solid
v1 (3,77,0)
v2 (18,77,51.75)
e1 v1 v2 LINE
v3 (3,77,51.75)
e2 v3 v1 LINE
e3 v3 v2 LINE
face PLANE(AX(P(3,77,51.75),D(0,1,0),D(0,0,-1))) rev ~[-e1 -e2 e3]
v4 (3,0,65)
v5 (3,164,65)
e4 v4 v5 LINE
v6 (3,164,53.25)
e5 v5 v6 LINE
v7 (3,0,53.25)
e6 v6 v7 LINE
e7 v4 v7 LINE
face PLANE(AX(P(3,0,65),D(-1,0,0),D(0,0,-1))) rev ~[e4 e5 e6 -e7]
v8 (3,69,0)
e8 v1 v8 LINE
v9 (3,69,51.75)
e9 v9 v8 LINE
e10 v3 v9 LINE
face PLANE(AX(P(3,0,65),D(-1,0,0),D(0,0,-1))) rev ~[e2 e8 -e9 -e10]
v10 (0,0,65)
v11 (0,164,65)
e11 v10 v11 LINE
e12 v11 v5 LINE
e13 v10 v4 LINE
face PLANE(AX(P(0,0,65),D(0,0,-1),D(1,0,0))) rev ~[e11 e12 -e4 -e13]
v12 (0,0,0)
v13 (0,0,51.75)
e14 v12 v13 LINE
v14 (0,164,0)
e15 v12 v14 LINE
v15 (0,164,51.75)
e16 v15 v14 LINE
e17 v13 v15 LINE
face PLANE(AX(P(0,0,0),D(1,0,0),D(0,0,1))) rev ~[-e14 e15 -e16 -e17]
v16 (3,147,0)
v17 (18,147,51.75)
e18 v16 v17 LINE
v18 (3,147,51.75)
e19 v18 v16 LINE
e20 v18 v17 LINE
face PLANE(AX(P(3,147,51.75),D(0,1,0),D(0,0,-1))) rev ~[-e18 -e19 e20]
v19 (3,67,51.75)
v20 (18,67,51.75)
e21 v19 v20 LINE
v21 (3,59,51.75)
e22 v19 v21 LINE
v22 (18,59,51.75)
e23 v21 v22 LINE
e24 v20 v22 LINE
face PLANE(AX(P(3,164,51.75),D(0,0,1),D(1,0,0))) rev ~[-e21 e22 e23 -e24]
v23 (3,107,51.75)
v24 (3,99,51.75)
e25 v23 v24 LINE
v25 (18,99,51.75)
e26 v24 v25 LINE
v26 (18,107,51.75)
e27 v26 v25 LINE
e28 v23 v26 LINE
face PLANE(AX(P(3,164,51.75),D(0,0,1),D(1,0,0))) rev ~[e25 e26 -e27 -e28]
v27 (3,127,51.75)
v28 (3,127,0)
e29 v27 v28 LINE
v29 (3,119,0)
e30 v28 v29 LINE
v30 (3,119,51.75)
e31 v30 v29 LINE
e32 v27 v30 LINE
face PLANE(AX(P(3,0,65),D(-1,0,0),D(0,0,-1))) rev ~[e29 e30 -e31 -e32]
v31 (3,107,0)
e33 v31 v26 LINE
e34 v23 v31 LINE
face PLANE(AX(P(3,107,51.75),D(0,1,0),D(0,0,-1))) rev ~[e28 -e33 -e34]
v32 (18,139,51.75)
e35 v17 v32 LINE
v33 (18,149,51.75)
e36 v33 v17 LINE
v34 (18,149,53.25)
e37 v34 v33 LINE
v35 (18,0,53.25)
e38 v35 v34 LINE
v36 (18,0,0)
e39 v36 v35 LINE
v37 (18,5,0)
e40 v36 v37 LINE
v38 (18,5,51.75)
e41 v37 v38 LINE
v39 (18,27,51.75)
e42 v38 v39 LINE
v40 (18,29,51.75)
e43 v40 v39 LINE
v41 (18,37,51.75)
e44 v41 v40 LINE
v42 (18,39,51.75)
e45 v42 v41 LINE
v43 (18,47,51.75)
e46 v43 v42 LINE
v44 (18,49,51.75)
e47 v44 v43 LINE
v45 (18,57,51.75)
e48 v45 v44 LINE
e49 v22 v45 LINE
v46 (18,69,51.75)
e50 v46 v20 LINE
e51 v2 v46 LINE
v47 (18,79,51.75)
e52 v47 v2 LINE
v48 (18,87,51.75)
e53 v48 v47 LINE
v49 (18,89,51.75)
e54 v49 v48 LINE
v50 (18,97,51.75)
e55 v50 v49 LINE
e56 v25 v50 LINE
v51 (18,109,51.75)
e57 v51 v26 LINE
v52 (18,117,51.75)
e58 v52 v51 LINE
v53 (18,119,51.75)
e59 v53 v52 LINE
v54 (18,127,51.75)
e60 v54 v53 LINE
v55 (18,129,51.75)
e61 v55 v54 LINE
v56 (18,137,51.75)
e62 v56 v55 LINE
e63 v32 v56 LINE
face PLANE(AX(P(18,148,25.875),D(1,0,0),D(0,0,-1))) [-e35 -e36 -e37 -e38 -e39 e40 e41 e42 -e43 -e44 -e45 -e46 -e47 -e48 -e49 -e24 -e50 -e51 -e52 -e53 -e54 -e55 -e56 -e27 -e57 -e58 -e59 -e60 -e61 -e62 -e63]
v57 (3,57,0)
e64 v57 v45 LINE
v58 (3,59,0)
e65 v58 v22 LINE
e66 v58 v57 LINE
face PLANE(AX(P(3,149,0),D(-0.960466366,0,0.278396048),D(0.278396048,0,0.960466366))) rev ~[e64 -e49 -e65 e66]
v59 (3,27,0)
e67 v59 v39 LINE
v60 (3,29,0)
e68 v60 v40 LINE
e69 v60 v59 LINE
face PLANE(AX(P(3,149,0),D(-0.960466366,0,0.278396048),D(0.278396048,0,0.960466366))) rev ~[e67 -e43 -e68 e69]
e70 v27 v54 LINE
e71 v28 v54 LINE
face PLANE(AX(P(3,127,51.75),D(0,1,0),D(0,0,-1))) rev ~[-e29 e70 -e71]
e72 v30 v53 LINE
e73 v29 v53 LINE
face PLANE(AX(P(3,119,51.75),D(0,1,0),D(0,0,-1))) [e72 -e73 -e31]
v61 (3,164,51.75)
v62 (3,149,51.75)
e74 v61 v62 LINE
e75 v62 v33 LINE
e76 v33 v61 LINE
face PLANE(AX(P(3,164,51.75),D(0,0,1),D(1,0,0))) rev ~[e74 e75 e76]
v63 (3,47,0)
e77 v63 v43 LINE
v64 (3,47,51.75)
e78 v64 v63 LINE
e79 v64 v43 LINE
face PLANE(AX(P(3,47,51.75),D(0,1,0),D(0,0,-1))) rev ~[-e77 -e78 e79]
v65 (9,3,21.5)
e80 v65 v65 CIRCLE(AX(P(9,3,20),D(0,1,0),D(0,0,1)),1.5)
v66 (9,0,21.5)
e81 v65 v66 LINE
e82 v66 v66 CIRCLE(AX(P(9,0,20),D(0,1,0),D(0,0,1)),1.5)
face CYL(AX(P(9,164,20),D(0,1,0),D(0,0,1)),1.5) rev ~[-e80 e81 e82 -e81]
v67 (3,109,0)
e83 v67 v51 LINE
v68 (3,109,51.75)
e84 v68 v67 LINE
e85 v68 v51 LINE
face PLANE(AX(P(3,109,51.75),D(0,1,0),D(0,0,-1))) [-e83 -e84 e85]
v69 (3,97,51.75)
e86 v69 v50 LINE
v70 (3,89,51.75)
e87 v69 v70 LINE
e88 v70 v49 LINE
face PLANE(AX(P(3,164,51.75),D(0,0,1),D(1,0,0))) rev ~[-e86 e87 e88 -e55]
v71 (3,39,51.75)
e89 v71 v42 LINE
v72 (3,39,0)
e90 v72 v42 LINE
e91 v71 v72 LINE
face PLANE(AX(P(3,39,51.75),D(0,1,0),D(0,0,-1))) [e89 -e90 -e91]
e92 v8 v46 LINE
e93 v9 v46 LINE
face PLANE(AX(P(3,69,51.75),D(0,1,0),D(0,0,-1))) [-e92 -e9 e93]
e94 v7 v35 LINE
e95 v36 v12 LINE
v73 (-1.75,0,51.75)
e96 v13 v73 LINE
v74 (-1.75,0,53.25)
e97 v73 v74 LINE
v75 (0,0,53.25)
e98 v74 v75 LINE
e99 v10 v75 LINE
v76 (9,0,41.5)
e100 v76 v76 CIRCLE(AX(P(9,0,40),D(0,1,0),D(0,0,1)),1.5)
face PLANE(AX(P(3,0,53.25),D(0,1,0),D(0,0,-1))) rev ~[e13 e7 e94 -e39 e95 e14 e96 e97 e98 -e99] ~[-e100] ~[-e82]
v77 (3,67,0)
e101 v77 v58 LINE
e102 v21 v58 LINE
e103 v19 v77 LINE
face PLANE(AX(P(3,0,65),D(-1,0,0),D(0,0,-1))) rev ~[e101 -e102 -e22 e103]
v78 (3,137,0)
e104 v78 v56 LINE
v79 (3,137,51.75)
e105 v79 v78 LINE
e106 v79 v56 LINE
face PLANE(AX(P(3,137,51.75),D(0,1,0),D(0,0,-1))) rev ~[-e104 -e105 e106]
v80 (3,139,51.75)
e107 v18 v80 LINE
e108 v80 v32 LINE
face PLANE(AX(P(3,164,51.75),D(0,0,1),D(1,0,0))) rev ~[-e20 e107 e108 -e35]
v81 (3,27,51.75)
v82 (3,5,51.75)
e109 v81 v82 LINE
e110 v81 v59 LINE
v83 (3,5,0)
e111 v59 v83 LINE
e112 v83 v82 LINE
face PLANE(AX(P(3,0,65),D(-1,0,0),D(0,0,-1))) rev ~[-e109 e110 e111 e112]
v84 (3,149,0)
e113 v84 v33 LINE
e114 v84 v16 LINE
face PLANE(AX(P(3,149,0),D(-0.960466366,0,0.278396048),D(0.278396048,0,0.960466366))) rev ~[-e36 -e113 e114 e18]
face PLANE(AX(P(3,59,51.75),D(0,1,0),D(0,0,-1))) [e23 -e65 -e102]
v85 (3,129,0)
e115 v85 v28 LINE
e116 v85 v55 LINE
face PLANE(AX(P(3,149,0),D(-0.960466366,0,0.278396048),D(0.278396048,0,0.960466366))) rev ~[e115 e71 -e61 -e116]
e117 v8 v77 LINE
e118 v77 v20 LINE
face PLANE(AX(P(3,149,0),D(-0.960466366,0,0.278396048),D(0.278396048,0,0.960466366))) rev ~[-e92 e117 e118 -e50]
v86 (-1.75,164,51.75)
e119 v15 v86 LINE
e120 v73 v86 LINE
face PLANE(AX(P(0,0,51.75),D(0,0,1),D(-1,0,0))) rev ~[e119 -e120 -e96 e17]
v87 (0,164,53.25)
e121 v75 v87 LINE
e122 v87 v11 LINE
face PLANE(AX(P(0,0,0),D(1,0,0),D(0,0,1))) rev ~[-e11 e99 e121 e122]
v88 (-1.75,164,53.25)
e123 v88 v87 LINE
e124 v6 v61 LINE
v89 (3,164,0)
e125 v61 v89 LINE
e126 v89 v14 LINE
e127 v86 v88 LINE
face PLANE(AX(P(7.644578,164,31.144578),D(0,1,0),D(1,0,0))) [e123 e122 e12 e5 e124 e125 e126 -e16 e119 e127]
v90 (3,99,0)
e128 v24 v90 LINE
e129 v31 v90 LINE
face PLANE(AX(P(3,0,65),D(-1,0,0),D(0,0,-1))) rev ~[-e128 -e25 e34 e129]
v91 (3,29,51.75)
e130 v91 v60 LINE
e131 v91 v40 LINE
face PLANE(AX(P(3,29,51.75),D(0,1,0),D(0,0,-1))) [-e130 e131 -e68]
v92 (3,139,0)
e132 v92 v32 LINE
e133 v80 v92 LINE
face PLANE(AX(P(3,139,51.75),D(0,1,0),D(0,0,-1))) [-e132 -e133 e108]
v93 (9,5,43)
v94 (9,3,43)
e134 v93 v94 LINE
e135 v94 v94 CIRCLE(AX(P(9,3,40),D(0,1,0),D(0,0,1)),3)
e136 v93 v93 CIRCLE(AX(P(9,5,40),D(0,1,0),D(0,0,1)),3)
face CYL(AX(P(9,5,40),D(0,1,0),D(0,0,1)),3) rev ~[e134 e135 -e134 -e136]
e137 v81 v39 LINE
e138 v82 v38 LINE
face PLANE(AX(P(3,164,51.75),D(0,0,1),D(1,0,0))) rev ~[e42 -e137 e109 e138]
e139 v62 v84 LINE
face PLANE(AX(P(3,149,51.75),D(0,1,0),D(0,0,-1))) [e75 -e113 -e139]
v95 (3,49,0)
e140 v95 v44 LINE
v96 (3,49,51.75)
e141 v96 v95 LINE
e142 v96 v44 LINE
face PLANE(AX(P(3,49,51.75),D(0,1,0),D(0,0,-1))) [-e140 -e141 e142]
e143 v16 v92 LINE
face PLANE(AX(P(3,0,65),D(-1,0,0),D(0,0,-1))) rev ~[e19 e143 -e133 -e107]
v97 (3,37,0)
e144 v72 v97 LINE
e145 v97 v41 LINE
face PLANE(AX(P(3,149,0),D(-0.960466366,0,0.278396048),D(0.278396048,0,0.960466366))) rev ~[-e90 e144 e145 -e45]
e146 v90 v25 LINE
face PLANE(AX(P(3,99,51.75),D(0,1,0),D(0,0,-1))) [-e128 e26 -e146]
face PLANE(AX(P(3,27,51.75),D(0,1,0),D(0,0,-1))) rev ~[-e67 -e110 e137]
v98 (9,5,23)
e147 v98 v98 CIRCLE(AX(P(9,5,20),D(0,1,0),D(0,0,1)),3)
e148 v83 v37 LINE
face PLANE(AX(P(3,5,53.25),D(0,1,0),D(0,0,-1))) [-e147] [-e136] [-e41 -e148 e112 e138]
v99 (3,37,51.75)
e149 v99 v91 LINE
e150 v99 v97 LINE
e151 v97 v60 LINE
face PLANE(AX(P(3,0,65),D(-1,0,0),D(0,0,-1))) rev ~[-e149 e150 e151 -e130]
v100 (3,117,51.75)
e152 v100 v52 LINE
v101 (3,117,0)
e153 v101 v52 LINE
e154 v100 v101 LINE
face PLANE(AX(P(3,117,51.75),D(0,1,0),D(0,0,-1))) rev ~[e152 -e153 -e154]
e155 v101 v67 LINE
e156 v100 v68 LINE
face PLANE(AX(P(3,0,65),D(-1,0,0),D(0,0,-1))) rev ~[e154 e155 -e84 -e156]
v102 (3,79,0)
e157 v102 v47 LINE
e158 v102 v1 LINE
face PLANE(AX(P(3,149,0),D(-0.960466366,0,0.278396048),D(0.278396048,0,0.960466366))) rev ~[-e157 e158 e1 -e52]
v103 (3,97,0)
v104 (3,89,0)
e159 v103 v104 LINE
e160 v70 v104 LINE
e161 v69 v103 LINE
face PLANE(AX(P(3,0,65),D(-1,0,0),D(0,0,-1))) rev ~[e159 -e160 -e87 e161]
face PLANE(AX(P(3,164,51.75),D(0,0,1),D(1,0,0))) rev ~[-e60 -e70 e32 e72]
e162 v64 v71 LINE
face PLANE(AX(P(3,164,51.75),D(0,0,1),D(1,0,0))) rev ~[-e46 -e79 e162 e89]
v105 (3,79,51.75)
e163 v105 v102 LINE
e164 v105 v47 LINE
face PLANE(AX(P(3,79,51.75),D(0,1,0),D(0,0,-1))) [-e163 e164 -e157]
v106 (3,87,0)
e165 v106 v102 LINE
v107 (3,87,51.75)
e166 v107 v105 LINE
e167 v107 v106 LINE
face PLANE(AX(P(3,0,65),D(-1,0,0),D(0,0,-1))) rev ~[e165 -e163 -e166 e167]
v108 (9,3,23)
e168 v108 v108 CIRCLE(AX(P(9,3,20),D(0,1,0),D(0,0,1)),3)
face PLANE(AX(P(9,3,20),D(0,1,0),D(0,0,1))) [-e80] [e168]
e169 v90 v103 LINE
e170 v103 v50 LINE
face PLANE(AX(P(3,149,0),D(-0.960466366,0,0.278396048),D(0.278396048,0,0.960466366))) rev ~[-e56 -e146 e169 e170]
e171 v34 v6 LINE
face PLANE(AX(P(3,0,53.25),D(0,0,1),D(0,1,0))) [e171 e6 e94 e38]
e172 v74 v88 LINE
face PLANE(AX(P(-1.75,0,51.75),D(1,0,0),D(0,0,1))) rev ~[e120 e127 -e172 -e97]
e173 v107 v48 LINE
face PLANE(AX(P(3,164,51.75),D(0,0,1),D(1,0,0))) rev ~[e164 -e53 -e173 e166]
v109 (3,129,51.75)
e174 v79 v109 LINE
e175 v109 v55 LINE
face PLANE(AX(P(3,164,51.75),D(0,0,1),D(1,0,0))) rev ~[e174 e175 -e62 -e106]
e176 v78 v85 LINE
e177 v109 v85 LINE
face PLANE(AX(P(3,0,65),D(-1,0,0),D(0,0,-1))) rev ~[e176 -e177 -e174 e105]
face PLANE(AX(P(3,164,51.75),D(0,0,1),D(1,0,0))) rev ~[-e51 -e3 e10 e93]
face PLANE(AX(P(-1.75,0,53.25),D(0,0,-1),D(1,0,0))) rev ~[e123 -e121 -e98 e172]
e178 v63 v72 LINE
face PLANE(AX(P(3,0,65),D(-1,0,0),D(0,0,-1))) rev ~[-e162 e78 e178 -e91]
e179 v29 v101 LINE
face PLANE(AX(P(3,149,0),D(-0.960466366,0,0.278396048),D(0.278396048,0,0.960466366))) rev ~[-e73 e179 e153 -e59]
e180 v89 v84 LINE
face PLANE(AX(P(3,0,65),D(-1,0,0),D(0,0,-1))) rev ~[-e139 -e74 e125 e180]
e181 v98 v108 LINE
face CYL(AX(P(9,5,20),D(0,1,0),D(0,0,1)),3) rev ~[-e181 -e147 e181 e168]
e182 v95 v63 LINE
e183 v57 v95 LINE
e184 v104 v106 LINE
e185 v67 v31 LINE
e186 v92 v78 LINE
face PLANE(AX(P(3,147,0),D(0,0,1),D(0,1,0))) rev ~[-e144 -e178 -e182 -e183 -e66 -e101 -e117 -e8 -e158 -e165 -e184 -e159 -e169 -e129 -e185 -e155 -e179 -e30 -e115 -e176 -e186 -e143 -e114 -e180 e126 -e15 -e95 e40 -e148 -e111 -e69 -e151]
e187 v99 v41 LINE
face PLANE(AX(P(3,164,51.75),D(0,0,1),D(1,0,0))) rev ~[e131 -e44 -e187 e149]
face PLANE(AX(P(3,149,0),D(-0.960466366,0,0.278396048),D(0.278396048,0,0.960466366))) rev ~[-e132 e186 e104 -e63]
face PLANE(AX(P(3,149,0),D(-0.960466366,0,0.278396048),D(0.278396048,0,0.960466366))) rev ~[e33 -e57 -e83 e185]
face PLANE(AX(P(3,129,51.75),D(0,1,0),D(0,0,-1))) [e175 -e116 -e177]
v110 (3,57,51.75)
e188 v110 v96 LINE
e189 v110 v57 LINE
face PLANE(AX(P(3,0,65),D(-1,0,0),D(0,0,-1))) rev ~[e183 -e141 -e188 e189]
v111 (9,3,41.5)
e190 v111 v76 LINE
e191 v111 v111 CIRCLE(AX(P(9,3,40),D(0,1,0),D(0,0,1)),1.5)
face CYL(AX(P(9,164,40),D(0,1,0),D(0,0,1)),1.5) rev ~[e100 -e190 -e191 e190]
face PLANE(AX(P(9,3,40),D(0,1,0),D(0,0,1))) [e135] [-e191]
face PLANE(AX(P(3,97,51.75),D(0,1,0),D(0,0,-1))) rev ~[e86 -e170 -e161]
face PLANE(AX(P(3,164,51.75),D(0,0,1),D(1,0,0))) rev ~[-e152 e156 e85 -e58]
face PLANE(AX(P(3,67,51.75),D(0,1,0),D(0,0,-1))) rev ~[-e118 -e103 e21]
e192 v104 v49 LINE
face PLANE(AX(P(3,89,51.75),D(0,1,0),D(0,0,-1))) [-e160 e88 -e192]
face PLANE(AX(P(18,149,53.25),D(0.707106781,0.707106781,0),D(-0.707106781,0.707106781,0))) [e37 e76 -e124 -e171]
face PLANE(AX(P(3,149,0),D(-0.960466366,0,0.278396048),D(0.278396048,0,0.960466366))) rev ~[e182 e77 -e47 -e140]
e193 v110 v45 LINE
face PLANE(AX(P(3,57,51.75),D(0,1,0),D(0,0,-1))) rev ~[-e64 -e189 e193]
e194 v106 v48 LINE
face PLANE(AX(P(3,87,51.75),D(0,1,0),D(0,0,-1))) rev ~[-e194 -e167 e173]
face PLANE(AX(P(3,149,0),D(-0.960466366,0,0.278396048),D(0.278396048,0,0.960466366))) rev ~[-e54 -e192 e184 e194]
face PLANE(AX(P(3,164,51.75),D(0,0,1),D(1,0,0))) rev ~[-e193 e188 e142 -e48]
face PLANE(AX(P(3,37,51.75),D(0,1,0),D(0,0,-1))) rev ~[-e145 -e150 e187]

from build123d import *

# Parameters (mm, degrees)
EXTRUDE_1_DEPTH     = 164
SKETCH_3_R          = 1.5
CUT_EXTRUDE_1_DEPTH = 164
SKETCH_4_W          = 2
SKETCH_4_H          = 2
EXTRUDE_2_DEPTH     = 164
SKETCH_5_W          = 0.25
SKETCH_5_H          = 1.5
CUT_EXTRUDE_2_DEPTH = 164
SKETCH_6_W          = 15
SKETCH_6_H          = 50
CUT_EXTRUDE_3_DEPTH = 159
SKETCH_7_W          = 15
SKETCH_7_H          = 1.5
EXTRUDE_3_DEPTH     = 159
SKETCH_8_W          = 3.25
SKETCH_8_H          = 5
EXTRUDE_4_DEPTH     = 15
CUT_EXTRUDE_4_DEPTH = 15
SKETCH_10_R         = 3
CUT_EXTRUDE_5_DEPTH = 2
SKETCH_11_W         = 51.75
SKETCH_11_H         = 2
EXTRUDE_5_DEPTH     = 15
CUT_EXTRUDE_6_DEPTH = 130


with BuildPart() as part:
    # 草图1 → 凸台-拉伸1 (new body)
    with BuildSketch(Plane(origin=(0, 0, 0), x_dir=(1, 0, 0), z_dir=(0, 1, 0))):
        Polygon((0, 0), (0, -65), (3, -65), (3, -50), (18, -50), (18, 0), align=None)
    extrude(amount=EXTRUDE_1_DEPTH)

    # 草图3 → 切除-拉伸1 (cut)
    with BuildSketch(Plane(origin=(0, 164, 0), x_dir=(1, 0, 0), z_dir=(0, 1, 0))):
        with Locations(Location((9, -20, 0), (0, 0, 270))):
            Circle(SKETCH_3_R)
        with Locations(Location((9, -40, 0), (0, 0, 270))):
            Circle(SKETCH_3_R)
    extrude(amount=-CUT_EXTRUDE_1_DEPTH, mode=Mode.SUBTRACT)

    # 草图4 → 凸台-拉伸2 (add)
    with BuildSketch(Plane(origin=(0, 164, 0), x_dir=(1, 0, 0), z_dir=(0, 1, 0))):
        with Locations((-1, -52.5)):
            Rectangle(SKETCH_4_W, SKETCH_4_H)
    extrude(amount=-EXTRUDE_2_DEPTH)

    # 草图5 → 切除-拉伸2 (cut)
    with BuildSketch(Plane.XZ):
        Polygon((-1.75, 51.75), (-2, 51.75), (-2, 51.5), (0, 51.5), (0, 51.75), align=None)
        with Locations((-1.875, 52.5)):
            Rectangle(SKETCH_5_W, SKETCH_5_H)
        Polygon((-2, 53.5), (-2, 53.25), (-1.75, 53.25), (0, 53.25), (0, 53.5), align=None)
    extrude(amount=-CUT_EXTRUDE_2_DEPTH, mode=Mode.SUBTRACT)

    # 草图6 → 切除-拉伸3 (cut)
    with BuildSketch(Plane(origin=(0, 164, 0), x_dir=(1, 0, 0), z_dir=(0, 1, 0))):
        with Locations((10.5, -25)):
            Rectangle(SKETCH_6_W, SKETCH_6_H)
    extrude(amount=-CUT_EXTRUDE_3_DEPTH, mode=Mode.SUBTRACT)

    # 草图7 → 凸台-拉伸3 (add)
    with BuildSketch(Plane(origin=(0, 164, 0), x_dir=(1, 0, 0), z_dir=(0, 1, 0))):
        with Locations((10.5, -52.5)):
            Rectangle(SKETCH_7_W, SKETCH_7_H)
    extrude(amount=-EXTRUDE_3_DEPTH)

    # 草图8 → 凸台-拉伸4 (add)
    with BuildSketch(Plane(origin=(3, 0, 0), x_dir=(0, 0, -1), z_dir=(1, 0, 0))):
        with Locations((-51.625, 2.5)):
            Rectangle(SKETCH_8_W, SKETCH_8_H)
    extrude(amount=EXTRUDE_4_DEPTH)

    # 草图9 → 切除-拉伸4 (cut)
    with BuildSketch(Plane.XY.offset(53.25)):
        Polygon((3, 164), (18, 164), (18, 149), align=None)
    extrude(amount=-CUT_EXTRUDE_4_DEPTH, mode=Mode.SUBTRACT)

    # 草图10 → 切除-拉伸5 (cut)
    with BuildSketch(Plane(origin=(0, 5, 0), x_dir=(1, 0, 0), z_dir=(0, 1, 0))):
        with Locations(Location((9, -20, 0), (0, 0, 270))):
            Circle(SKETCH_10_R)
        with Locations(Location((9, -40, 0), (0, 0, 270))):
            Circle(SKETCH_10_R)
    extrude(amount=-CUT_EXTRUDE_5_DEPTH, mode=Mode.SUBTRACT)

    # 草图11 → 凸台-拉伸5 (add)
    with BuildSketch(Plane(origin=(3, 0, 0), x_dir=(0, 0, -1), z_dir=(1, 0, 0))):
        with Locations((-25.875, 148)):
            Rectangle(SKETCH_11_W, SKETCH_11_H)
        with Locations((-25.875, 138)):
            Rectangle(SKETCH_11_W, SKETCH_11_H)
        with Locations((-25.875, 128)):
            Rectangle(SKETCH_11_W, SKETCH_11_H)
        with Locations((-25.875, 118)):
            Rectangle(SKETCH_11_W, SKETCH_11_H)
        with Locations((-25.875, 108)):
            Rectangle(SKETCH_11_W, SKETCH_11_H)
        with Locations((-25.875, 98)):
            Rectangle(SKETCH_11_W, SKETCH_11_H)
        with Locations((-25.875, 88)):
            Rectangle(SKETCH_11_W, SKETCH_11_H)
        with Locations((-25.875, 78)):
            Rectangle(SKETCH_11_W, SKETCH_11_H)
        with Locations((-25.875, 68)):
            Rectangle(SKETCH_11_W, SKETCH_11_H)
        with Locations((-25.875, 58)):
            Rectangle(SKETCH_11_W, SKETCH_11_H)
        with Locations((-25.875, 48)):
            Rectangle(SKETCH_11_W, SKETCH_11_H)
        with Locations((-25.875, 38)):
            Rectangle(SKETCH_11_W, SKETCH_11_H)
        with Locations((-25.875, 28)):
            Rectangle(SKETCH_11_W, SKETCH_11_H)
    extrude(amount=EXTRUDE_5_DEPTH)

    # 草图12 → 切除-拉伸6 (cut)
    with BuildSketch(Plane(origin=(0, 149, 0), x_dir=(1, 0, 0), z_dir=(0, 1, 0))):
        Polygon((3, 0), (18, -51.75), (18, 0), align=None)
    extrude(amount=-CUT_EXTRUDE_6_DEPTH, mode=Mode.SUBTRACT)


solid = part.part
